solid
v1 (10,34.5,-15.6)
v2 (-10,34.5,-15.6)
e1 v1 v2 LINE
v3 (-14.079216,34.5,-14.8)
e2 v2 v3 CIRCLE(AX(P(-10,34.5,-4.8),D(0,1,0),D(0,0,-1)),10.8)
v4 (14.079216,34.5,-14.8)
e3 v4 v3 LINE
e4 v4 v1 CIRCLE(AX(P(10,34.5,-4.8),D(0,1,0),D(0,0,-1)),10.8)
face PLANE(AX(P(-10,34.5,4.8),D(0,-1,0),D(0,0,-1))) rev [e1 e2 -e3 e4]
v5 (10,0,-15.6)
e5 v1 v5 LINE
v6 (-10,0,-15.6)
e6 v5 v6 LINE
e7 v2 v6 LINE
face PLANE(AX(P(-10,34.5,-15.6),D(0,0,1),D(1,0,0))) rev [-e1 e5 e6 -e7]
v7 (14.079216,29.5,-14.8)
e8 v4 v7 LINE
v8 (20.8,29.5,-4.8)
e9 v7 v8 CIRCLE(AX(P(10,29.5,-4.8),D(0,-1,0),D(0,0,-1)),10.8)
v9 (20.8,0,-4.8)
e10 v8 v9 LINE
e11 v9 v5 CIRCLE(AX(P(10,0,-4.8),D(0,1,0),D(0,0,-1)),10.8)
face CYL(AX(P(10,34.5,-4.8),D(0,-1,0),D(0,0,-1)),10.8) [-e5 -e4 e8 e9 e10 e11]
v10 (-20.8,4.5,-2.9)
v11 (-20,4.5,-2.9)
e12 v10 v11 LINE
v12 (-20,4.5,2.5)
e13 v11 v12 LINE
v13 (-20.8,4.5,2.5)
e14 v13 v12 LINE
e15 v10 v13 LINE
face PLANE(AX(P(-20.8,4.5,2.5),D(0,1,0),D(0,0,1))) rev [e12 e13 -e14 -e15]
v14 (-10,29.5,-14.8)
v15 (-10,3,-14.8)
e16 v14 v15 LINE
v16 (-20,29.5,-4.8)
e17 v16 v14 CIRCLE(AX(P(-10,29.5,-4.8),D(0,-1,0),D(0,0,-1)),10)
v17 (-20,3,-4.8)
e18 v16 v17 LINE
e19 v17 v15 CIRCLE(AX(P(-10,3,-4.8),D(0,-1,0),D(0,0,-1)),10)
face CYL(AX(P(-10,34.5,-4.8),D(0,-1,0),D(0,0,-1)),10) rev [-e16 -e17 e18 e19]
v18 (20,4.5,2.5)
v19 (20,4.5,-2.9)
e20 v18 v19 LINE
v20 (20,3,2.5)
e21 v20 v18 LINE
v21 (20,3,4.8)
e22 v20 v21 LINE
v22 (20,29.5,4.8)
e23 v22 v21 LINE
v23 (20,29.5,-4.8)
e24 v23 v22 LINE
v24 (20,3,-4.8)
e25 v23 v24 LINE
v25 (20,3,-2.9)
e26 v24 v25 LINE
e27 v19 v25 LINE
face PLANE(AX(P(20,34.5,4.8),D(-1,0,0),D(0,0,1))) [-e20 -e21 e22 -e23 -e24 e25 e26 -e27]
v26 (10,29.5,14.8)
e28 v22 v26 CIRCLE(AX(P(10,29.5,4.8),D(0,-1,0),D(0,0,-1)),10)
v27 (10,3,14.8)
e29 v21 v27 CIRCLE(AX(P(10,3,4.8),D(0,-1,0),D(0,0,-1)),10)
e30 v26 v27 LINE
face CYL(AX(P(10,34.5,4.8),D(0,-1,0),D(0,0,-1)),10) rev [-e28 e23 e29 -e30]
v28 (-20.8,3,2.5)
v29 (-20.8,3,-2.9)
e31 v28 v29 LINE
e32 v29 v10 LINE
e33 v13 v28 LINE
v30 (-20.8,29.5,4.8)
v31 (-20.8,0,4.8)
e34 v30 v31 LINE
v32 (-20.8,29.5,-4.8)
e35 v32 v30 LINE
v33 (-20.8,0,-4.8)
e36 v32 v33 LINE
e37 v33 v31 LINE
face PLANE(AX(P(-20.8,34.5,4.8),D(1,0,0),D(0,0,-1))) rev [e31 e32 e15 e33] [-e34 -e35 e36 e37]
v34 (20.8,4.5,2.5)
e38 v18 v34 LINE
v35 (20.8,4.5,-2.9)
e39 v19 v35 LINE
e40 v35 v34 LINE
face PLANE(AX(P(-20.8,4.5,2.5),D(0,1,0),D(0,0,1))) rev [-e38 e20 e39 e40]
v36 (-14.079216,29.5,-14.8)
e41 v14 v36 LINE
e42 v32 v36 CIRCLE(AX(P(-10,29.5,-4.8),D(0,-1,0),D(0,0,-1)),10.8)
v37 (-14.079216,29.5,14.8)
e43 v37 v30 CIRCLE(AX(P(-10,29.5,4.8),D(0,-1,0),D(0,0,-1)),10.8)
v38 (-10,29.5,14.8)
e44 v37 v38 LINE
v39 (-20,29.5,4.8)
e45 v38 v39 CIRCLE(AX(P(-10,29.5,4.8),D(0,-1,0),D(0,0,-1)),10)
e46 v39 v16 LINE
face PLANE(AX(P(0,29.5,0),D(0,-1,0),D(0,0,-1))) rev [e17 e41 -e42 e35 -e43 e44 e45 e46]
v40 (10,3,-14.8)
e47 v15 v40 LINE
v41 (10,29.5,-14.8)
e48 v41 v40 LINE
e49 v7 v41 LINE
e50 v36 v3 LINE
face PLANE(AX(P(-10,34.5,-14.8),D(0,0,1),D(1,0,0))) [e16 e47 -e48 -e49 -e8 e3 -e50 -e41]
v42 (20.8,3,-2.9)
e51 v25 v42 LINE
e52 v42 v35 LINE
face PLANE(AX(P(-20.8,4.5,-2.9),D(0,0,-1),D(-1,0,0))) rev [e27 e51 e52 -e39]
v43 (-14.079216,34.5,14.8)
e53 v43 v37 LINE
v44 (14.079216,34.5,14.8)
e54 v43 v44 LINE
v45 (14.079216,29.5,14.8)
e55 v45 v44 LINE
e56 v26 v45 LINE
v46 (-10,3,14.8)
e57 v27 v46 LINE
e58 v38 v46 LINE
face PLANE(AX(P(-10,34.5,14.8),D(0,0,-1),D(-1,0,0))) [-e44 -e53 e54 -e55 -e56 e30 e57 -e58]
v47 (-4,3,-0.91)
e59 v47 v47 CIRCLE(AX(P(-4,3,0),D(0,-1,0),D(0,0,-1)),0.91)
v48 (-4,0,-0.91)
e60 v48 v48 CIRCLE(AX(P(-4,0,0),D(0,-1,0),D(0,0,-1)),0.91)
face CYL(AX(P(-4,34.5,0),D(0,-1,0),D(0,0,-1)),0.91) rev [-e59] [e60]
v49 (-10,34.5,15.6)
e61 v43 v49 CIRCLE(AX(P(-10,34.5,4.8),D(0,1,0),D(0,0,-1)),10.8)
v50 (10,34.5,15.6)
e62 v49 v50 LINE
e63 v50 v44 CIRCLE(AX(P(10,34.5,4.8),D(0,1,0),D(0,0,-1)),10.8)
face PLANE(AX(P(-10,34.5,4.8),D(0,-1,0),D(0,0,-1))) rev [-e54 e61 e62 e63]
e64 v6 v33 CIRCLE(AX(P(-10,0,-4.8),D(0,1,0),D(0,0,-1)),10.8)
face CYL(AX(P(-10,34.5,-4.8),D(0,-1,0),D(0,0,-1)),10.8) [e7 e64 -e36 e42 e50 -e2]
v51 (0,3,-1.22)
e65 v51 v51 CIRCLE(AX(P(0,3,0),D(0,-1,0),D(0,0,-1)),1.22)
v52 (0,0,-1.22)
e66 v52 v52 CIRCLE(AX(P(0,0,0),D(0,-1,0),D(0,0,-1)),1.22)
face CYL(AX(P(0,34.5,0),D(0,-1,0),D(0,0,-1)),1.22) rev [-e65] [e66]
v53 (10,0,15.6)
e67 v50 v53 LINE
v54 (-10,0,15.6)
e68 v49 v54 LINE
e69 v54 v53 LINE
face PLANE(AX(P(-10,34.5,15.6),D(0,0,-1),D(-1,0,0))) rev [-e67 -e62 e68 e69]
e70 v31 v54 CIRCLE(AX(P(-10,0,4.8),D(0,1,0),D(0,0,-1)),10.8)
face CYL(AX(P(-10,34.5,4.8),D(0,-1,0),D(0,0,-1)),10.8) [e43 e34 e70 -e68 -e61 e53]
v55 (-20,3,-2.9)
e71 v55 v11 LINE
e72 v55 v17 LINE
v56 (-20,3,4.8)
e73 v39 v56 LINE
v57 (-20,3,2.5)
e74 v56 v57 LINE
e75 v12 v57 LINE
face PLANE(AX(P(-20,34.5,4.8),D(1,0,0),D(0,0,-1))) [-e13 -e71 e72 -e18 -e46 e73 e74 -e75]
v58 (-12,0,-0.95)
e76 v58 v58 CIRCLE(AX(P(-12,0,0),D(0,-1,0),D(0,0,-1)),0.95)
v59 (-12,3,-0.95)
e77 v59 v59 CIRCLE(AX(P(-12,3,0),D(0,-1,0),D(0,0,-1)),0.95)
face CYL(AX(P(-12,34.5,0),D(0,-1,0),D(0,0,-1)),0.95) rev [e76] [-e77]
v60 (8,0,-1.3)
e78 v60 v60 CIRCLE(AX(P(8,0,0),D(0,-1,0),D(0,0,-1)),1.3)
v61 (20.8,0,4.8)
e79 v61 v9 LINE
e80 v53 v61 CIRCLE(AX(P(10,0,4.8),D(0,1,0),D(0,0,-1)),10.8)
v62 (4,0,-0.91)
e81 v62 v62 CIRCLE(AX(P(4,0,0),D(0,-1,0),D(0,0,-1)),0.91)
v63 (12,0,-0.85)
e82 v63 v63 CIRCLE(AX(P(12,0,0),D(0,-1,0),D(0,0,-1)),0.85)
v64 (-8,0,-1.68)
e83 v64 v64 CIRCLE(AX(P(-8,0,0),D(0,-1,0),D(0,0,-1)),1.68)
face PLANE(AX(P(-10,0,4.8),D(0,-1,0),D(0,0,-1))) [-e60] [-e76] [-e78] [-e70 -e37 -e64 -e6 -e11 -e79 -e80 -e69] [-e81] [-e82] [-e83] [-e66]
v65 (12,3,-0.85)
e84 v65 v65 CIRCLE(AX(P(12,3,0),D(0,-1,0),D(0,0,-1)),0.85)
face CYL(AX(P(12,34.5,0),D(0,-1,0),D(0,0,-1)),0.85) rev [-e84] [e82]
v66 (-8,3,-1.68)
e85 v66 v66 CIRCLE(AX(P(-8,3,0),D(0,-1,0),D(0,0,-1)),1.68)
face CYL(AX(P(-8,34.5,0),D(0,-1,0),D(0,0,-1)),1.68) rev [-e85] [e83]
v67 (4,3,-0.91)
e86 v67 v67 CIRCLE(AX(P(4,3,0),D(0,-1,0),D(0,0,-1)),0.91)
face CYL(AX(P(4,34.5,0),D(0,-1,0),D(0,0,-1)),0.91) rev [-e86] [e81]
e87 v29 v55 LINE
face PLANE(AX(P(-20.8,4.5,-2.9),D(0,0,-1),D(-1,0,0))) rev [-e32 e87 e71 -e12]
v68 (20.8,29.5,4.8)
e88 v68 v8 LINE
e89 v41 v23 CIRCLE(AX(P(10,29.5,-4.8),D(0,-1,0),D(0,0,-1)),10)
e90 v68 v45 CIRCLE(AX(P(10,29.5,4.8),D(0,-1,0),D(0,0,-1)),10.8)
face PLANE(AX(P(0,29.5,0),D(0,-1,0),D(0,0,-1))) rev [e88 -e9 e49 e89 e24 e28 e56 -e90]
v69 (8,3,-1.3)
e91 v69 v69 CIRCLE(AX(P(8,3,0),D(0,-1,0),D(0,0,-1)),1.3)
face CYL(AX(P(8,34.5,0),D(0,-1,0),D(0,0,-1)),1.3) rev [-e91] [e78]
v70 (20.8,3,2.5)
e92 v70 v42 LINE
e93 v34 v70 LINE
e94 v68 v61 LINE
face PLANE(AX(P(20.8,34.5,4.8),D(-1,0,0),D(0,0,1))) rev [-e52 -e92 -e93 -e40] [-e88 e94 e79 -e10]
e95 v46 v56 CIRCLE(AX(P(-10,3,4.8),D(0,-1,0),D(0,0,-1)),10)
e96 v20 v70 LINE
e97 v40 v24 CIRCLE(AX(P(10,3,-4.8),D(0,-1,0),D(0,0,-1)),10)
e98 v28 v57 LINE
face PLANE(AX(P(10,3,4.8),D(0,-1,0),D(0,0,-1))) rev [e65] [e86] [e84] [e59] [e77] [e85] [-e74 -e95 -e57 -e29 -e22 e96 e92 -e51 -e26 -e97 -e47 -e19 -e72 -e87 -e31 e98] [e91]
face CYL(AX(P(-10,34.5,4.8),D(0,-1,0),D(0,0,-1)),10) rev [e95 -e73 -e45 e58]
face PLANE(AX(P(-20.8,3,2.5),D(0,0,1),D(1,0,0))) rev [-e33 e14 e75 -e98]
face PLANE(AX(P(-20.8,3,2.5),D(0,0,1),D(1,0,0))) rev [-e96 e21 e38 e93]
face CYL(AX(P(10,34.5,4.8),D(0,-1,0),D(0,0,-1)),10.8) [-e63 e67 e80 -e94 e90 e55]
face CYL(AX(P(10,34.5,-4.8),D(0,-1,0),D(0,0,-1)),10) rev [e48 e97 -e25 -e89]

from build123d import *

# Parameters (mm, degrees)
EXTRUDE_1_DEPTH     = 34.5
SKETCH_4_W          = 41.6
SKETCH_4_H          = 29.6
CUT_EXTRUDE_1_DEPTH = 5
EXTRUDE_2_DEPTH     = 3
SKETCH_6_W          = 5.4
SKETCH_6_H          = 1.5
CUT_EXTRUDE_2_DEPTH = 57.250955547
SKETCH_7_R          = 1.22
SKETCH_7_R_2        = 0.91
SKETCH_7_R_3        = 1.3
SKETCH_7_R_4        = 1.68
SKETCH_7_R_5        = 0.95
SKETCH_7_R_6        = 0.85
CUT_EXTRUDE_3_DEPTH = 44.200115741


with BuildPart() as part:
    # 草圖1 → 填料-伸長1 (new body)
    with BuildSketch(Plane(origin=(0, 0, 0), x_dir=(1, 0, 0), z_dir=(0, 1, 0))):
        with BuildLine():
            Line((-10, -15.6), (10, -15.6))
            ThreePointArc((10, -15.6), (17.636753237, -12.436753237), (20.8, -4.8))
            Line((20.8, -4.8), (20.8, 4.8))
            ThreePointArc((20.8, 4.8), (17.636753237, 12.436753237), (10, 15.6))
            Line((10, 15.6), (-10, 15.6))
            ThreePointArc((-10, 15.6), (-17.636753237, 12.436753237), (-20.8, 4.8))
            Line((-20.8, 4.8), (-20.8, -4.8))
            ThreePointArc((-20.8, -4.8), (-17.636753237, -12.436753237), (-10, -15.6))
        make_face()
        with BuildLine():
            Line((-10, -14.8), (10, -14.8))
            ThreePointArc((10, -14.8), (17.071067812, -11.871067812), (20, -4.8))
            Line((20, -4.8), (20, 4.8))
            ThreePointArc((20, 4.8), (17.071067812, 11.871067812), (10, 14.8))
            Line((10, 14.8), (-10, 14.8))
            ThreePointArc((-10, 14.8), (-17.071067812, 11.871067812), (-20, 4.8))
            Line((-20, 4.8), (-20, -4.8))
            ThreePointArc((-20, -4.8), (-17.071067812, -11.871067812), (-10, -14.8))
        make_face(mode=Mode.SUBTRACT)
    extrude(amount=EXTRUDE_1_DEPTH)

    # 草圖4 → 除料-伸長1 (cut)
    with BuildSketch(Plane(origin=(0, 34.5, 0), x_dir=(1, 0, 0), z_dir=(0, 1, 0))):
        Rectangle(SKETCH_4_W, SKETCH_4_H)
    extrude(amount=-CUT_EXTRUDE_1_DEPTH, mode=Mode.SUBTRACT)

    # 草圖5 → 填料-伸長2 (add)
    with BuildSketch(Plane.XZ):
        with BuildLine():
            Line((20, 4.8), (20, -4.8))
            ThreePointArc((20, -4.8), (17.071067812, -11.871067812), (10, -14.8))
            Line((10, -14.8), (-10, -14.8))
            ThreePointArc((-10, -14.8), (-17.071067812, -11.871067812), (-20, -4.8))
            Line((-20, -4.8), (-20, 4.8))
            ThreePointArc((-20, 4.8), (-17.071067812, 11.871067812), (-10, 14.8))
            Line((-10, 14.8), (10, 14.8))
            ThreePointArc((10, 14.8), (17.071067812, 11.871067812), (20, 4.8))
        make_face()
    extrude(amount=-EXTRUDE_2_DEPTH)

    # 草圖6 → 除料-伸長2 (cut, through all)
    with BuildSketch(Plane(origin=(20.8, 0, 0), x_dir=(0, 0, -1), z_dir=(1, 0, 0))):
        with Locations((0.2, 3.75)):
            Rectangle(SKETCH_6_W, SKETCH_6_H)
    extrude(amount=-CUT_EXTRUDE_2_DEPTH, mode=Mode.SUBTRACT)

    # 草圖7 → 除料-伸長3 (cut, through all)
    with BuildSketch(Plane.XZ):
        with Locations(Location((0, 0, 0), (0, 0, 270))):
            Circle(SKETCH_7_R)
        with Locations(Location((4, 0, 0), (0, 0, 270))):
            Circle(SKETCH_7_R_2)
        with Locations(Location((8, 0, 0), (0, 0, 270))):
            Circle(SKETCH_7_R_3)
        with Locations(Location((-4, 0, 0), (0, 0, 270))):
            Circle(SKETCH_7_R_2)
        with Locations(Location((-8, 0, 0), (0, 0, 270))):
            Circle(SKETCH_7_R_4)
        with Locations(Location((-12, 0, 0), (0, 0, 270))):
            Circle(SKETCH_7_R_5)
        with Locations(Location((12, 0, 0), (0, 0, 270))):
            Circle(SKETCH_7_R_6)
    extrude(amount=-CUT_EXTRUDE_3_DEPTH, mode=Mode.SUBTRACT)


solid = part.part
